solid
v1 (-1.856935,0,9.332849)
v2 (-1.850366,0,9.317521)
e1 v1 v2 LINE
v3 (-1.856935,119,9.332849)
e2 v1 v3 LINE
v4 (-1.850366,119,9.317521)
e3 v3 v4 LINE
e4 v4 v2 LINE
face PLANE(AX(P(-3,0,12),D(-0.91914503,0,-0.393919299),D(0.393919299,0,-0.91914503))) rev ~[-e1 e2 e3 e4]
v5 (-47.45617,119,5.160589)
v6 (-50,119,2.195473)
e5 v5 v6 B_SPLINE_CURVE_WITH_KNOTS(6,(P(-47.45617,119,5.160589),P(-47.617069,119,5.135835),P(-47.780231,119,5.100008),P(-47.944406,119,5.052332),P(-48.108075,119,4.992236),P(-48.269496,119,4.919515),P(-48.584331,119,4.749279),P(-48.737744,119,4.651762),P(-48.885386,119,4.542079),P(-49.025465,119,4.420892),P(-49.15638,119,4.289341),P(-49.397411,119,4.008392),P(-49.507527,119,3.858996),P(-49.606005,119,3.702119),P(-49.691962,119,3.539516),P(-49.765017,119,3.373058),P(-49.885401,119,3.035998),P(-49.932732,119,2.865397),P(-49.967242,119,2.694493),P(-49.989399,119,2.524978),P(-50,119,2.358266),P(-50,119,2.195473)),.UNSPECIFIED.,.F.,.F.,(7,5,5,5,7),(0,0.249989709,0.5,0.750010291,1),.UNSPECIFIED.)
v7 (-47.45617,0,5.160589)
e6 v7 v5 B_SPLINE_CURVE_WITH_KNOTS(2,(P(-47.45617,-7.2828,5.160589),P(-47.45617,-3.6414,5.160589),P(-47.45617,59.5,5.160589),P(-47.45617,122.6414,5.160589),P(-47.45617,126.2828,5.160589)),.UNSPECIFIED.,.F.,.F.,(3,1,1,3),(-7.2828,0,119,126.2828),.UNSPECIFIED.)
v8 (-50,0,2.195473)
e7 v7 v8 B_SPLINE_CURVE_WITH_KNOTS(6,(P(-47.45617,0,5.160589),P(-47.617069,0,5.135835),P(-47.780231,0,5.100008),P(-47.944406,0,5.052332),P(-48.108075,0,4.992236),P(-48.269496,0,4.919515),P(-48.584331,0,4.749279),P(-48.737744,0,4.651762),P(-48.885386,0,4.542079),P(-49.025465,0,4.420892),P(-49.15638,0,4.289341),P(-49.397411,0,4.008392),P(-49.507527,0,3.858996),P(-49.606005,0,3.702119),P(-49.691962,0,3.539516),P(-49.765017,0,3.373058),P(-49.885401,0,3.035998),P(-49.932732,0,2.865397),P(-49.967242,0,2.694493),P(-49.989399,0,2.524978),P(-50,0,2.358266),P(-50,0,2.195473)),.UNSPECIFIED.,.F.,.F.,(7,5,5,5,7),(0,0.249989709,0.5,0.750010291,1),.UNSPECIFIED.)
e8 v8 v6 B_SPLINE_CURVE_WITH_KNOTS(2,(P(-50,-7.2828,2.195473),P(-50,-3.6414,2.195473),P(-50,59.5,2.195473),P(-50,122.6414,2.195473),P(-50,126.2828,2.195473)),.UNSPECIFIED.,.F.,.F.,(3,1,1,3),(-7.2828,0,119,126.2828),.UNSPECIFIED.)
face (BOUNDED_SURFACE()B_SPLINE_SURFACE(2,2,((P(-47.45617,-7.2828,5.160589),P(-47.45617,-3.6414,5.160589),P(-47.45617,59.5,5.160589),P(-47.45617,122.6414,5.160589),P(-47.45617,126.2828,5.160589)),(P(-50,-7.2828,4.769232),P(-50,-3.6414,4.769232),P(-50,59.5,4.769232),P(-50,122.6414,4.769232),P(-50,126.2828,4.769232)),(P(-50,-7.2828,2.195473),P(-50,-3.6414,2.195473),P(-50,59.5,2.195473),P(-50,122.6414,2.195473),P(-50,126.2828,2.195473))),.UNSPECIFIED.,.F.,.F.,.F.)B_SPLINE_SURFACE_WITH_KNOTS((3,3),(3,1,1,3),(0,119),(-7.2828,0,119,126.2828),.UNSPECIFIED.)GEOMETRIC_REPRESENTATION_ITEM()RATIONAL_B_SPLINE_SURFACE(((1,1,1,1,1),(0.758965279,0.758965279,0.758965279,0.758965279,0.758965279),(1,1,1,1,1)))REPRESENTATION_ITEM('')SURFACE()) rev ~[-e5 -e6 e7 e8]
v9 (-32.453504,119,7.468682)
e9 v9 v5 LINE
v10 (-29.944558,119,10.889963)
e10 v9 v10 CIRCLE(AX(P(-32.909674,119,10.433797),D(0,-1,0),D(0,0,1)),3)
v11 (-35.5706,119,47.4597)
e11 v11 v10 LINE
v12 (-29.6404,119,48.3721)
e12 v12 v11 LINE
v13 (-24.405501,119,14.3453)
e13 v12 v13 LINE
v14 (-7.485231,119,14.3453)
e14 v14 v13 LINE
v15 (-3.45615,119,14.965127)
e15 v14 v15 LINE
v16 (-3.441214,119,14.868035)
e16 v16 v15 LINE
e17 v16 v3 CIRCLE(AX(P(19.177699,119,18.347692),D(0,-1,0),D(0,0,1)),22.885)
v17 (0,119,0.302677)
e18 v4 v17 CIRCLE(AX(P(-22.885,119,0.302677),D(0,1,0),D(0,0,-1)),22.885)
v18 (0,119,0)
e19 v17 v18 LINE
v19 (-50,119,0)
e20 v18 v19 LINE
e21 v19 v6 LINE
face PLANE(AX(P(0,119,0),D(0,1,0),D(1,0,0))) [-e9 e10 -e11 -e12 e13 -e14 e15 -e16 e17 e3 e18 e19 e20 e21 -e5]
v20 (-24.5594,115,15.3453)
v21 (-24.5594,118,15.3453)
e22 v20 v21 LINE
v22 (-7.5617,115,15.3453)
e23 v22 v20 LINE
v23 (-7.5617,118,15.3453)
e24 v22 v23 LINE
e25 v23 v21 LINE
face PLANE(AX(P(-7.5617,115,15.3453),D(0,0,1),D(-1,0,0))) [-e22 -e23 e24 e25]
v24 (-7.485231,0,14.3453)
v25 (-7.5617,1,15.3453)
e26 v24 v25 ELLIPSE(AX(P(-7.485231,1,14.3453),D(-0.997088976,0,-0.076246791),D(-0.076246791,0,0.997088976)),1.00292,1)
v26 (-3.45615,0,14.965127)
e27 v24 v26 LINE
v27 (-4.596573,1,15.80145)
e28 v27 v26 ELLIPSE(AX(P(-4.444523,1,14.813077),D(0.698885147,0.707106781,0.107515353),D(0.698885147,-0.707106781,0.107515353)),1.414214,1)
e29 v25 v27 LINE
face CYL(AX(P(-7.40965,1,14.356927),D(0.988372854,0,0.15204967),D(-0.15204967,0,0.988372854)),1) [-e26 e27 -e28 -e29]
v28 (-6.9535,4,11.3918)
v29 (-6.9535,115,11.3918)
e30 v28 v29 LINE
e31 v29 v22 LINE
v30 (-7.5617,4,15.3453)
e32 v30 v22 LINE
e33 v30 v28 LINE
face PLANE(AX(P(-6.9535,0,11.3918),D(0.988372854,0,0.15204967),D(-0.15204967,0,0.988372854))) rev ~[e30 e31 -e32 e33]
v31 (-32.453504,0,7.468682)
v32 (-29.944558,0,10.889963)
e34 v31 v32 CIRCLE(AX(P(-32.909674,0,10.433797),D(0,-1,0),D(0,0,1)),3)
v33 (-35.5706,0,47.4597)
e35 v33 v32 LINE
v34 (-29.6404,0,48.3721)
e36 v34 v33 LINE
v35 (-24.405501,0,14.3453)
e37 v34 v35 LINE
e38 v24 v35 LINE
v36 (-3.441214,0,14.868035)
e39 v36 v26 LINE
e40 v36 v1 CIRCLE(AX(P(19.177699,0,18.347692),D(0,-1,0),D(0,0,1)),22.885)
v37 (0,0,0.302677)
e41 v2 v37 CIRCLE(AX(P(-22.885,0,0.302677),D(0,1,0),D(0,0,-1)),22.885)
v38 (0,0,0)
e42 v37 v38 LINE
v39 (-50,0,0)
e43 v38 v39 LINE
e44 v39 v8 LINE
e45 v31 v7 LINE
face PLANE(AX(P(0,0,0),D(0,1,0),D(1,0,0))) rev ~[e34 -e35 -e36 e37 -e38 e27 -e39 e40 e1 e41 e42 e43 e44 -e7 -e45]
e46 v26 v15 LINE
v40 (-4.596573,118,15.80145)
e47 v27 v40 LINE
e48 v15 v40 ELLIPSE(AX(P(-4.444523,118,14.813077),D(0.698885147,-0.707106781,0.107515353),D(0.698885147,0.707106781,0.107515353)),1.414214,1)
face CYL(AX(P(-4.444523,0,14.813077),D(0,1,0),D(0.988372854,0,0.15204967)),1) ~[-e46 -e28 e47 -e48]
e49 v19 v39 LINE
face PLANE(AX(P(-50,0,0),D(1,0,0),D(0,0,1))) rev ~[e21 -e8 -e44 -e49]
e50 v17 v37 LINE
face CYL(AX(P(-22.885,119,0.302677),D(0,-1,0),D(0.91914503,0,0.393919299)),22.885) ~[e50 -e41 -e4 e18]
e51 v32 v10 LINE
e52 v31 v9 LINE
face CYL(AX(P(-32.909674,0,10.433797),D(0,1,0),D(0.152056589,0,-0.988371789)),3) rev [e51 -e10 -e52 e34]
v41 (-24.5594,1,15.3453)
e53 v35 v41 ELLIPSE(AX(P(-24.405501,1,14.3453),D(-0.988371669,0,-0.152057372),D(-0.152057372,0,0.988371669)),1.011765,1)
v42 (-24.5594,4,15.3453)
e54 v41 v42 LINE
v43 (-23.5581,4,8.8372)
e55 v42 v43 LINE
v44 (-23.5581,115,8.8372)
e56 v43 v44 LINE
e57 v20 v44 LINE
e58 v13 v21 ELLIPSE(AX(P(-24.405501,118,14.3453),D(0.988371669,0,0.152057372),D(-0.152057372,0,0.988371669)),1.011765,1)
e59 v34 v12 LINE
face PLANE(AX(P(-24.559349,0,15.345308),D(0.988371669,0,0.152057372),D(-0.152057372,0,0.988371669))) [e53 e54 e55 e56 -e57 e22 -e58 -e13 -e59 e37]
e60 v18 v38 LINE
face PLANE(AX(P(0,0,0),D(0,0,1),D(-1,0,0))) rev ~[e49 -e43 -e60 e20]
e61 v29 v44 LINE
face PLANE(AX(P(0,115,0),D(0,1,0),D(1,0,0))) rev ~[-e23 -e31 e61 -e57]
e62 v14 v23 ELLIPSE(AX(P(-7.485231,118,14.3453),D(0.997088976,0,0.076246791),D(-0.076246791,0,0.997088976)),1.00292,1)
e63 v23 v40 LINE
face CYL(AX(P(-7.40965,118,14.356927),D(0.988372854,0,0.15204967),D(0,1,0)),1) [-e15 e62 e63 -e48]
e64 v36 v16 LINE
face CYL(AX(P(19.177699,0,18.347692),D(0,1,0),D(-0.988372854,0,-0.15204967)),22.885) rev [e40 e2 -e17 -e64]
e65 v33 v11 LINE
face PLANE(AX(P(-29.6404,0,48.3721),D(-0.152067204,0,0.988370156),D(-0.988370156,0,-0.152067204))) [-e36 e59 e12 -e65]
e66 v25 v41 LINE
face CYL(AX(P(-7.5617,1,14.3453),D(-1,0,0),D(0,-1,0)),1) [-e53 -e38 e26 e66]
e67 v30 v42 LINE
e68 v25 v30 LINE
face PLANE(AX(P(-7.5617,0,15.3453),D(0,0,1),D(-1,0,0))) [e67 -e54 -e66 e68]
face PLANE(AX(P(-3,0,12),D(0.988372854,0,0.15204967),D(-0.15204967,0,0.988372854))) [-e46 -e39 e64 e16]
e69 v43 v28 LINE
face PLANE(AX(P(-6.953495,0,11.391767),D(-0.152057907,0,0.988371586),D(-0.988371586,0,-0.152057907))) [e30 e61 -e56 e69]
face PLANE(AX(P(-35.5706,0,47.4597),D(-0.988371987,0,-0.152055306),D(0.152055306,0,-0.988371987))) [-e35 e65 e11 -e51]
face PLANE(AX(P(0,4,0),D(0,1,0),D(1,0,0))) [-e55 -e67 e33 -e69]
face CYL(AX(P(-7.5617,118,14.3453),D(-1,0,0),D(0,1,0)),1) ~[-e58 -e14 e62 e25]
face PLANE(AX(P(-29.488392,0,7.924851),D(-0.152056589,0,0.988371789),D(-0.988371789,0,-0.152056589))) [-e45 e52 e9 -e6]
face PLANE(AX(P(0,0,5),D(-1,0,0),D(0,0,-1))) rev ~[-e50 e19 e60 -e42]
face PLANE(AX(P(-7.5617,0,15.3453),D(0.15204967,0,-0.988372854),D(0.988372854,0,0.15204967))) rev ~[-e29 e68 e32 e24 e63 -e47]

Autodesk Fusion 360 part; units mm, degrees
sketch "Szkic1" plane through (0, 0, 0) normal (0, 1, 0) x (1, 0, 0)
  line L0 (0, 0) -> (-50, 0) construction
  line L1 (-50, 0) -> (-50, -5) construction
  line L2 (-50, -5) -> (0, -5) construction
  line L3 (0, -5) -> (0, 0) construction
  line L4 (-3, -12) -> (-23.5581, -8.8372) construction
  line L5 (-3, -12) -> (0, -5) construction
  line L6 (-50, -5) -> (0, -5)
  line L7 (0, -5) -> (0, 0)
  line L8 (0, 0) -> (-50, 0)
  line L9 (-50, 0) -> (-50, -5)
  line L10 (-3, -12) -> (0, -5)
  line L11 (-3, -12) -> (-23.5581, -8.8372)
  line L12 (-23.5581, -8.8372) -> (-48.5, -5)
  line L13 (-23.5581, -8.8372) -> (-29.6404, -48.3721)
  line L14 (-3, -12) -> (-3.6082, -15.9535)
  line L15 (-6.9535, -11.3918) -> (-7.5617, -15.3453)
  line L16 (-7.5617, -15.3453) -> (-3.6082, -15.9535)
  line L17 (-29.6404, -48.3721) -> (-35.5706, -47.4597)
  line L18 (-35.5706, -47.4597) -> (-29.4884, -7.9249)
  line L19 (-7.5617, -15.3453) -> (-24.5594, -15.3453)
  dimension "d1" = 20.8
  dimension "d2" = 40
  dimension "d3" = 4
  dimension "d4" = 4
  dimension "d5" = 4
  dimension "d6" = 6
extrude "Wyciągnięcie proste1" add sketch "Szkic1" along normal blind 4
extrude "Wyciągnięcie proste2" add sketch "Szkic1" along normal blind 115 contours L6 L7 L8 L9 | L6 L10 L11 L12 | L12 L13 L17 L18 | L11 L14 L15 L16
extrude "Wyciągnięcie proste3" add sketch "Szkic1" along normal blind 4 from surface at 115
fillet "Zaokrąglenie1" radius 3 3 edges at (-50, 59.5, 5) (-48.5, 59.5, 5) (-29.4884, 59.5, 7.9249)
fillet "Zaokrąglenie2" radius 1 5 edges at (-16.0605, 0, 15.3453) (-5.585, 0, 15.6494) (-3.6082, 59.5, 15.9535) (-16.0605, 119, 15.3453) (-5.585, 119, 15.6494)
fillet "Zaokrąglenie3" radius 23 2 edges at (-3, 59.5, 12) (0, 59.5, 5)
